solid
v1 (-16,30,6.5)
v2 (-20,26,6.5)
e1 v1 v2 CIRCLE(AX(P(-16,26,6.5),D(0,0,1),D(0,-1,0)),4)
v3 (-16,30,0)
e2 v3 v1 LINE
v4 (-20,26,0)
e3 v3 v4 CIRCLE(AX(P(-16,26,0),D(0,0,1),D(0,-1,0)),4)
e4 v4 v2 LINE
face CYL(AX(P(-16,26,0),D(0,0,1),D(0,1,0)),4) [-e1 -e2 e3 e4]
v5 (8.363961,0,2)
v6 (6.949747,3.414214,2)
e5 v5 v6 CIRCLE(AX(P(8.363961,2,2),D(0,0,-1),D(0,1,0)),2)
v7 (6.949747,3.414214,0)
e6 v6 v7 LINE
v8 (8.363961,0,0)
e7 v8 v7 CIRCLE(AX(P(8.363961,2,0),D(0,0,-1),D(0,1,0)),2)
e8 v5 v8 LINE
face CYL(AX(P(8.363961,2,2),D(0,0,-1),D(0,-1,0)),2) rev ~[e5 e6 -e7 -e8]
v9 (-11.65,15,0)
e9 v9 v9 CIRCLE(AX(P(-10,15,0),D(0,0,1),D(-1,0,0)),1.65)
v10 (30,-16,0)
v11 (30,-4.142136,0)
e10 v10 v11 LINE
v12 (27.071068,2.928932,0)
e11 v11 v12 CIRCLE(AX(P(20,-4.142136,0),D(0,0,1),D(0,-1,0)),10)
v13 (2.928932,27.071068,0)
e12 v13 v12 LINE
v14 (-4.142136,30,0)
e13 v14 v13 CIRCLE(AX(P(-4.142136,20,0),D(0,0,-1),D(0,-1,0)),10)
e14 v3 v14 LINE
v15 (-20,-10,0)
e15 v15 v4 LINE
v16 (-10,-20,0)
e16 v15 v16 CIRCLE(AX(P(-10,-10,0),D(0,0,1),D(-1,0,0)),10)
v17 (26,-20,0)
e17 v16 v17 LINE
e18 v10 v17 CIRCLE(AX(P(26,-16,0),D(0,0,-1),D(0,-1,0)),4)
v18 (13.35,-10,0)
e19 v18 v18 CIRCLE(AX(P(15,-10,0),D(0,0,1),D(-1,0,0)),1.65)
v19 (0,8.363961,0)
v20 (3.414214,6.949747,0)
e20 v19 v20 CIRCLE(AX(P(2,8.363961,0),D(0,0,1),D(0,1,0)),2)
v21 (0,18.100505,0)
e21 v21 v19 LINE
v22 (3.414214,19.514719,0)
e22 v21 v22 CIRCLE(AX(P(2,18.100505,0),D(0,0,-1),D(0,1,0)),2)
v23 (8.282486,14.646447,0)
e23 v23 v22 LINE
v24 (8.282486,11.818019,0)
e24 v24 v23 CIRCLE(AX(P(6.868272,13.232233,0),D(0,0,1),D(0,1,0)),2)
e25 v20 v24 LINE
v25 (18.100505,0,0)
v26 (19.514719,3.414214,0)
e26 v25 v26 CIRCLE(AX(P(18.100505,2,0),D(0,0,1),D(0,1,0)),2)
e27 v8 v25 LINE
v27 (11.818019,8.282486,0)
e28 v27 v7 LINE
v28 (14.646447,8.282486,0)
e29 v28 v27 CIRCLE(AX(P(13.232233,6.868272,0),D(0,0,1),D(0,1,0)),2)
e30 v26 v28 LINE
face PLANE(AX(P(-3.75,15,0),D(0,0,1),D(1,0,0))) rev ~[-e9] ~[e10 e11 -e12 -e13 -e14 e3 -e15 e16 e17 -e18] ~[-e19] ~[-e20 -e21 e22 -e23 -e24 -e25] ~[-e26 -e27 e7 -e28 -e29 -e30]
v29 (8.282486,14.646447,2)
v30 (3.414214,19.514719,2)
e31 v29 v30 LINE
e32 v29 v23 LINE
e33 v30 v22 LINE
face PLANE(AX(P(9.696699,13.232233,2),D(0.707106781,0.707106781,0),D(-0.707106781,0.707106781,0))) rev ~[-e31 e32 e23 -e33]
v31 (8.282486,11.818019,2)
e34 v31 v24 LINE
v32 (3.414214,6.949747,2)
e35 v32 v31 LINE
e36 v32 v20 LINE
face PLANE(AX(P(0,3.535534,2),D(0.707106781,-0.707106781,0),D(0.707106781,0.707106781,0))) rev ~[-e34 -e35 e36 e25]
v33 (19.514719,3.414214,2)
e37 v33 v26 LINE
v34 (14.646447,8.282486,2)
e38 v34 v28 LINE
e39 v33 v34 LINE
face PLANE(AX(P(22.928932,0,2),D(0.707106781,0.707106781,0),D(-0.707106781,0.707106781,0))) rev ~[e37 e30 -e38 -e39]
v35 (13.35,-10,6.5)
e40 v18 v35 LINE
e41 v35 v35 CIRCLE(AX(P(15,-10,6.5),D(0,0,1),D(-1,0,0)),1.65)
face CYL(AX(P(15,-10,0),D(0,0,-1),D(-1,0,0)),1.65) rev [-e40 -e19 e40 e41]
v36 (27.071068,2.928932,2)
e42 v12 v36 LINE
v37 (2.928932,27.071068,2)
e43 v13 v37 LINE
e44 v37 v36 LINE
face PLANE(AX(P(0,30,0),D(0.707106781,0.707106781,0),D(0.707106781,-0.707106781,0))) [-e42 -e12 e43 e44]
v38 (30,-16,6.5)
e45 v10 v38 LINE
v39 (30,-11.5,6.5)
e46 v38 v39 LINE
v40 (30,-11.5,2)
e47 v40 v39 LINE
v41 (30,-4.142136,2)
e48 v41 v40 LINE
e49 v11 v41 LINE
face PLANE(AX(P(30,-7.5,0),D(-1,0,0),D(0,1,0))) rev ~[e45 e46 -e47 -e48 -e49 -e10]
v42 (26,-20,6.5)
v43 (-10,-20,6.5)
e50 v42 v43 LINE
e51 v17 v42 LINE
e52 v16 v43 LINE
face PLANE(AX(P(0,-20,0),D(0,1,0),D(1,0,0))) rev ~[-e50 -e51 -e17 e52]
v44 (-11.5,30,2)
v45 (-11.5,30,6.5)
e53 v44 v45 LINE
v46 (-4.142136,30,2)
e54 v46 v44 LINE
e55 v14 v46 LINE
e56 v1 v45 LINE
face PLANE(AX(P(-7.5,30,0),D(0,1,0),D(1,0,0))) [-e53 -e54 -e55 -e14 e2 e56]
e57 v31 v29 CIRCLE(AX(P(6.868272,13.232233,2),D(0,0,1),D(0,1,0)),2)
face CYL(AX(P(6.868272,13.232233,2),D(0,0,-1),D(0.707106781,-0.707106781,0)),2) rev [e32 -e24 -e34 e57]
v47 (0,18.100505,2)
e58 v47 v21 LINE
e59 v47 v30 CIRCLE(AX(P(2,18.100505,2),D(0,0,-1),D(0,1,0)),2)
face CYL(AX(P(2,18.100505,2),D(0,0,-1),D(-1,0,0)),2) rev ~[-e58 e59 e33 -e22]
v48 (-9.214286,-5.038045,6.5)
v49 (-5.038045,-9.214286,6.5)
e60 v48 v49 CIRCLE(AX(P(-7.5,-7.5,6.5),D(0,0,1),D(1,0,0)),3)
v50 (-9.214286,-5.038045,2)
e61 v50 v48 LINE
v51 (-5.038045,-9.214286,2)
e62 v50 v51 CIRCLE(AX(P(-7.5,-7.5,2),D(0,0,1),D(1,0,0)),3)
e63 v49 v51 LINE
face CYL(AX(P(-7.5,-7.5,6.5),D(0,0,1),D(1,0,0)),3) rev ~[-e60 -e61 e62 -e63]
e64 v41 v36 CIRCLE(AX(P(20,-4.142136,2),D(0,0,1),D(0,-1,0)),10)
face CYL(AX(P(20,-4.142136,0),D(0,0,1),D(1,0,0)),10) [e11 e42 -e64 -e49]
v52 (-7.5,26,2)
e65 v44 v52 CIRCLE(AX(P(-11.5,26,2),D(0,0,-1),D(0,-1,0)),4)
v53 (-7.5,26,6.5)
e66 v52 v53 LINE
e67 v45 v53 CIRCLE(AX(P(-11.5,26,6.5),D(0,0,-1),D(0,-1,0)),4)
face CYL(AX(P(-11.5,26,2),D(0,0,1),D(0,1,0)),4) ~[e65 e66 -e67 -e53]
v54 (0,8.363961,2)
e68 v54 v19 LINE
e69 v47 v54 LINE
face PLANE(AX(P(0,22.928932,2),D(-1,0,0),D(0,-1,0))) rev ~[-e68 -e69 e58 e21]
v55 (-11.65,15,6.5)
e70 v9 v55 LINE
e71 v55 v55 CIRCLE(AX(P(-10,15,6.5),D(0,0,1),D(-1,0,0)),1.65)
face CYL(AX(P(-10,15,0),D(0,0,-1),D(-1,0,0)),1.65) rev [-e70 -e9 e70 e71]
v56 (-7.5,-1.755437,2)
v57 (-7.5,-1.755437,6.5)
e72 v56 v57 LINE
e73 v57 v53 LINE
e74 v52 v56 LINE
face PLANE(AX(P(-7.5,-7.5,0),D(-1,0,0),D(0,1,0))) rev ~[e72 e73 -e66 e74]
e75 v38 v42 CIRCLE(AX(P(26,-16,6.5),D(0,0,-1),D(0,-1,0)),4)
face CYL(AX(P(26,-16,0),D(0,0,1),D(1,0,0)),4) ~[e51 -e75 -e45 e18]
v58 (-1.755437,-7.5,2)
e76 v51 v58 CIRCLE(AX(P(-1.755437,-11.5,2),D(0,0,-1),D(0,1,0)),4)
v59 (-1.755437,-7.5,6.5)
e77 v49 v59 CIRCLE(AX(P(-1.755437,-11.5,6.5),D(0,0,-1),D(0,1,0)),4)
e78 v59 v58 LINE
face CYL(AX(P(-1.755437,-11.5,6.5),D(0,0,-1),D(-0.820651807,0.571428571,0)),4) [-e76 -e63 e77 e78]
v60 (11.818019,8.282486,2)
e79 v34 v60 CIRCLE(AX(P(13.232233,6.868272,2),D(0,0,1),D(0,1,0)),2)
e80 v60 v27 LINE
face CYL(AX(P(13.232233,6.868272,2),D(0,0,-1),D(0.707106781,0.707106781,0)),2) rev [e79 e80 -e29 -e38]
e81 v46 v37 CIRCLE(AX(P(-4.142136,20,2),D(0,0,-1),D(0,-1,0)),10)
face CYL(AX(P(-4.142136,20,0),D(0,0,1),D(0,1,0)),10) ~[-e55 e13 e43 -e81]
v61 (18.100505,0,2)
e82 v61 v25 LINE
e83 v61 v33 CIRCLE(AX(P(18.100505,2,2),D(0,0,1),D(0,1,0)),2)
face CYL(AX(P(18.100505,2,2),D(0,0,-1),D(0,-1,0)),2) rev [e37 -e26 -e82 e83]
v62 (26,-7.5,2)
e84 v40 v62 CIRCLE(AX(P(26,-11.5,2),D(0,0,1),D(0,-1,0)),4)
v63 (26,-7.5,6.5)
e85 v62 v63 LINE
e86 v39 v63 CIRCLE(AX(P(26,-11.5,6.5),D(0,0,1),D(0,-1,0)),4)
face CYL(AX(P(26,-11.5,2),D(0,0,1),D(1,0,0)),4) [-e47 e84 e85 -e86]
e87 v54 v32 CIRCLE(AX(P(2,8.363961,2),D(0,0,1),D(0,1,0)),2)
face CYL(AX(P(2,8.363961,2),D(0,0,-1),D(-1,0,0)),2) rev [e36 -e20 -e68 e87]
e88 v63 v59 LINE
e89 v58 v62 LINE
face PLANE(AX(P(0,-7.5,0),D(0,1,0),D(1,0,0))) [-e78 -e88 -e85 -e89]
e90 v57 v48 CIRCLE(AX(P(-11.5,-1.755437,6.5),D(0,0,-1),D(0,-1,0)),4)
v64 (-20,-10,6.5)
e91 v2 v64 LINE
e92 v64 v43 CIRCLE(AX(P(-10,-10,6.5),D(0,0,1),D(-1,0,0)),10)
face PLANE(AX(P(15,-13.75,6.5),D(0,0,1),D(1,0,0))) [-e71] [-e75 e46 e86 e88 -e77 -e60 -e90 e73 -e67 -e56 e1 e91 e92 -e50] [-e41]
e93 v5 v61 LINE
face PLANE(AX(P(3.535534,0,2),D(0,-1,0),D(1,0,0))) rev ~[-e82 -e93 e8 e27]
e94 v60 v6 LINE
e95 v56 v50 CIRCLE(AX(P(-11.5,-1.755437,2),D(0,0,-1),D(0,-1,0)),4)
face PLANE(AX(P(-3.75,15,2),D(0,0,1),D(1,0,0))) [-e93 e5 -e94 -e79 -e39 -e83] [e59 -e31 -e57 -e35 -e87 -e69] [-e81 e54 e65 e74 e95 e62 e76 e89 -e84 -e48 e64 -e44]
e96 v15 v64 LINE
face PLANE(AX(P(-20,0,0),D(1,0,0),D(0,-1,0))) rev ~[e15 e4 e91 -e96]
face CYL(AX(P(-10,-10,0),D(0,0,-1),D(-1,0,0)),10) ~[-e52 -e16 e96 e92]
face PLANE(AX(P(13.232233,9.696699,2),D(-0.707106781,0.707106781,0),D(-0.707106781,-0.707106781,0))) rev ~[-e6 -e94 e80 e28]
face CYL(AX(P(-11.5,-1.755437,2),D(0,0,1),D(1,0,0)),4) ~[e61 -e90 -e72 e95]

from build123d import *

# Parameters (mm, degrees)
SKETCH1_W           = 12.5
SKETCH1_H           = 30
SKETCH1_R           = 1.65
SKETCH1_W_2         = 30
SKETCH1_H_2         = 12.5
BOSS_EXTRUDE1_DEPTH = 6.5
SKETCH1_3_W         = 7.5
SKETCH1_3_H         = 30
SKETCH1_3_H_2       = 7.5
SKETCH1_3_W_2       = 30
BOSS_EXTRUDE2_DEPTH = 2
FILLET1_R           = 10
FILLET2_R           = 4
SKETCH2_R           = 3
CUT_EXTRUDE1_DEPTH  = 4.5
FILLET3_R           = 4
CUT_EXTRUDE2_DEPTH  = 2
FILLET4_R           = 2


with BuildPart() as part:
    # Sketch1 → Boss-Extrude1 (new body)
    # profile 1 of 3: a face of its own
    with BuildSketch(Plane.XY):
        with Locations((-13.75, 15)):
            Rectangle(SKETCH1_W, SKETCH1_H)
        with Locations(Location((-10, 15, 0), (0, 0, 180))):
            Circle(SKETCH1_R, mode=Mode.SUBTRACT)
    # profile 2 of 3: a face of its own
    with BuildSketch(Plane.XY):
        with BuildLine():
            Line((-7.5, 0), (-20, 0))
            Line((-20, 0), (-20, -10))
            ThreePointArc((-20, -10), (-17.071067812, -17.071067812), (-10, -20))
            Line((-10, -20), (0, -20))
            Line((0, -20), (0, -7.5))
            Line((0, -7.5), (-7.5, -7.5))
            Line((-7.5, -7.5), (-7.5, 0))
        make_face()
    # profile 3 of 3: a face of its own
    with BuildSketch(Plane.XY):
        with Locations((15, -13.75)):
            Rectangle(SKETCH1_W_2, SKETCH1_H_2)
        with Locations(Location((15, -10, 0), (0, 0, 180))):
            Circle(SKETCH1_R, mode=Mode.SUBTRACT)
    extrude(amount=BOSS_EXTRUDE1_DEPTH)

    # Sketch1<3> → Boss-Extrude2 (add)
    with BuildSketch(Plane.XY):
        with Locations((-3.75, 15)):
            Rectangle(SKETCH1_3_W, SKETCH1_3_H)
        with Locations((-3.75, -3.75)):
            Rectangle(SKETCH1_3_W, SKETCH1_3_H_2)
        with Locations((15, -3.75)):
            Rectangle(SKETCH1_3_W_2, SKETCH1_3_H_2)
        Polygon((0, 30), (30, 0), (0, 0), align=None)
    extrude(amount=BOSS_EXTRUDE2_DEPTH)

    # Fillet1
    fillet1_edges = [part.edges().sort_by_distance(p)[0] for p in [
        (30, 0, 1),
        (0, 30, 1),
    ]]
    fillet(fillet1_edges, radius=FILLET1_R)

    # Fillet2
    fillet2_edges = [part.edges().sort_by_distance(p)[0] for p in [
        (-20, 30, 3.25),
        (-7.5, 30, 4.25),
        (30, -7.5, 4.25),
        (30, -20, 3.25),
    ]]
    fillet(fillet2_edges, radius=FILLET2_R)

    # Sketch2 → Cut-Extrude1 (cut)
    with BuildSketch(Plane.XY.offset(6.5)):
        with Locations((-7.5, -7.5)):
            Circle(SKETCH2_R)
    extrude(amount=-CUT_EXTRUDE1_DEPTH, mode=Mode.SUBTRACT)

    # Fillet3
    fillet3_edges = [part.edges().sort_by_distance(p)[0] for p in [
        (-4.5, -7.5, 4.25),
        (-7.5, -4.5, 4.25),
    ]]
    fillet(fillet3_edges, radius=FILLET3_R)

    # Sketch3 → Cut-Extrude2 (cut)
    with BuildSketch(Plane.XY.offset(2)):
        Polygon((3.535533906, 0), (22.928932188, 0), (13.232233047, 9.696699141), align=None)
        Polygon((0, 22.928932188), (0, 3.535533906), (9.696699141, 13.232233047), align=None)
    extrude(amount=-CUT_EXTRUDE2_DEPTH, mode=Mode.SUBTRACT)

    # Fillet4
    fillet4_edges = [part.edges().sort_by_distance(p)[0] for p in [
        (0, 22.928932188, 1),
        (9.696699141, 13.232233047, 1),
        (0, 3.535533906, 1),
        (13.232233047, 9.696699141, 1),
        (22.928932188, 0, 1),
        (3.535533906, 0, 1),
    ]]
    fillet(fillet4_edges, radius=FILLET4_R)


solid = part.part
